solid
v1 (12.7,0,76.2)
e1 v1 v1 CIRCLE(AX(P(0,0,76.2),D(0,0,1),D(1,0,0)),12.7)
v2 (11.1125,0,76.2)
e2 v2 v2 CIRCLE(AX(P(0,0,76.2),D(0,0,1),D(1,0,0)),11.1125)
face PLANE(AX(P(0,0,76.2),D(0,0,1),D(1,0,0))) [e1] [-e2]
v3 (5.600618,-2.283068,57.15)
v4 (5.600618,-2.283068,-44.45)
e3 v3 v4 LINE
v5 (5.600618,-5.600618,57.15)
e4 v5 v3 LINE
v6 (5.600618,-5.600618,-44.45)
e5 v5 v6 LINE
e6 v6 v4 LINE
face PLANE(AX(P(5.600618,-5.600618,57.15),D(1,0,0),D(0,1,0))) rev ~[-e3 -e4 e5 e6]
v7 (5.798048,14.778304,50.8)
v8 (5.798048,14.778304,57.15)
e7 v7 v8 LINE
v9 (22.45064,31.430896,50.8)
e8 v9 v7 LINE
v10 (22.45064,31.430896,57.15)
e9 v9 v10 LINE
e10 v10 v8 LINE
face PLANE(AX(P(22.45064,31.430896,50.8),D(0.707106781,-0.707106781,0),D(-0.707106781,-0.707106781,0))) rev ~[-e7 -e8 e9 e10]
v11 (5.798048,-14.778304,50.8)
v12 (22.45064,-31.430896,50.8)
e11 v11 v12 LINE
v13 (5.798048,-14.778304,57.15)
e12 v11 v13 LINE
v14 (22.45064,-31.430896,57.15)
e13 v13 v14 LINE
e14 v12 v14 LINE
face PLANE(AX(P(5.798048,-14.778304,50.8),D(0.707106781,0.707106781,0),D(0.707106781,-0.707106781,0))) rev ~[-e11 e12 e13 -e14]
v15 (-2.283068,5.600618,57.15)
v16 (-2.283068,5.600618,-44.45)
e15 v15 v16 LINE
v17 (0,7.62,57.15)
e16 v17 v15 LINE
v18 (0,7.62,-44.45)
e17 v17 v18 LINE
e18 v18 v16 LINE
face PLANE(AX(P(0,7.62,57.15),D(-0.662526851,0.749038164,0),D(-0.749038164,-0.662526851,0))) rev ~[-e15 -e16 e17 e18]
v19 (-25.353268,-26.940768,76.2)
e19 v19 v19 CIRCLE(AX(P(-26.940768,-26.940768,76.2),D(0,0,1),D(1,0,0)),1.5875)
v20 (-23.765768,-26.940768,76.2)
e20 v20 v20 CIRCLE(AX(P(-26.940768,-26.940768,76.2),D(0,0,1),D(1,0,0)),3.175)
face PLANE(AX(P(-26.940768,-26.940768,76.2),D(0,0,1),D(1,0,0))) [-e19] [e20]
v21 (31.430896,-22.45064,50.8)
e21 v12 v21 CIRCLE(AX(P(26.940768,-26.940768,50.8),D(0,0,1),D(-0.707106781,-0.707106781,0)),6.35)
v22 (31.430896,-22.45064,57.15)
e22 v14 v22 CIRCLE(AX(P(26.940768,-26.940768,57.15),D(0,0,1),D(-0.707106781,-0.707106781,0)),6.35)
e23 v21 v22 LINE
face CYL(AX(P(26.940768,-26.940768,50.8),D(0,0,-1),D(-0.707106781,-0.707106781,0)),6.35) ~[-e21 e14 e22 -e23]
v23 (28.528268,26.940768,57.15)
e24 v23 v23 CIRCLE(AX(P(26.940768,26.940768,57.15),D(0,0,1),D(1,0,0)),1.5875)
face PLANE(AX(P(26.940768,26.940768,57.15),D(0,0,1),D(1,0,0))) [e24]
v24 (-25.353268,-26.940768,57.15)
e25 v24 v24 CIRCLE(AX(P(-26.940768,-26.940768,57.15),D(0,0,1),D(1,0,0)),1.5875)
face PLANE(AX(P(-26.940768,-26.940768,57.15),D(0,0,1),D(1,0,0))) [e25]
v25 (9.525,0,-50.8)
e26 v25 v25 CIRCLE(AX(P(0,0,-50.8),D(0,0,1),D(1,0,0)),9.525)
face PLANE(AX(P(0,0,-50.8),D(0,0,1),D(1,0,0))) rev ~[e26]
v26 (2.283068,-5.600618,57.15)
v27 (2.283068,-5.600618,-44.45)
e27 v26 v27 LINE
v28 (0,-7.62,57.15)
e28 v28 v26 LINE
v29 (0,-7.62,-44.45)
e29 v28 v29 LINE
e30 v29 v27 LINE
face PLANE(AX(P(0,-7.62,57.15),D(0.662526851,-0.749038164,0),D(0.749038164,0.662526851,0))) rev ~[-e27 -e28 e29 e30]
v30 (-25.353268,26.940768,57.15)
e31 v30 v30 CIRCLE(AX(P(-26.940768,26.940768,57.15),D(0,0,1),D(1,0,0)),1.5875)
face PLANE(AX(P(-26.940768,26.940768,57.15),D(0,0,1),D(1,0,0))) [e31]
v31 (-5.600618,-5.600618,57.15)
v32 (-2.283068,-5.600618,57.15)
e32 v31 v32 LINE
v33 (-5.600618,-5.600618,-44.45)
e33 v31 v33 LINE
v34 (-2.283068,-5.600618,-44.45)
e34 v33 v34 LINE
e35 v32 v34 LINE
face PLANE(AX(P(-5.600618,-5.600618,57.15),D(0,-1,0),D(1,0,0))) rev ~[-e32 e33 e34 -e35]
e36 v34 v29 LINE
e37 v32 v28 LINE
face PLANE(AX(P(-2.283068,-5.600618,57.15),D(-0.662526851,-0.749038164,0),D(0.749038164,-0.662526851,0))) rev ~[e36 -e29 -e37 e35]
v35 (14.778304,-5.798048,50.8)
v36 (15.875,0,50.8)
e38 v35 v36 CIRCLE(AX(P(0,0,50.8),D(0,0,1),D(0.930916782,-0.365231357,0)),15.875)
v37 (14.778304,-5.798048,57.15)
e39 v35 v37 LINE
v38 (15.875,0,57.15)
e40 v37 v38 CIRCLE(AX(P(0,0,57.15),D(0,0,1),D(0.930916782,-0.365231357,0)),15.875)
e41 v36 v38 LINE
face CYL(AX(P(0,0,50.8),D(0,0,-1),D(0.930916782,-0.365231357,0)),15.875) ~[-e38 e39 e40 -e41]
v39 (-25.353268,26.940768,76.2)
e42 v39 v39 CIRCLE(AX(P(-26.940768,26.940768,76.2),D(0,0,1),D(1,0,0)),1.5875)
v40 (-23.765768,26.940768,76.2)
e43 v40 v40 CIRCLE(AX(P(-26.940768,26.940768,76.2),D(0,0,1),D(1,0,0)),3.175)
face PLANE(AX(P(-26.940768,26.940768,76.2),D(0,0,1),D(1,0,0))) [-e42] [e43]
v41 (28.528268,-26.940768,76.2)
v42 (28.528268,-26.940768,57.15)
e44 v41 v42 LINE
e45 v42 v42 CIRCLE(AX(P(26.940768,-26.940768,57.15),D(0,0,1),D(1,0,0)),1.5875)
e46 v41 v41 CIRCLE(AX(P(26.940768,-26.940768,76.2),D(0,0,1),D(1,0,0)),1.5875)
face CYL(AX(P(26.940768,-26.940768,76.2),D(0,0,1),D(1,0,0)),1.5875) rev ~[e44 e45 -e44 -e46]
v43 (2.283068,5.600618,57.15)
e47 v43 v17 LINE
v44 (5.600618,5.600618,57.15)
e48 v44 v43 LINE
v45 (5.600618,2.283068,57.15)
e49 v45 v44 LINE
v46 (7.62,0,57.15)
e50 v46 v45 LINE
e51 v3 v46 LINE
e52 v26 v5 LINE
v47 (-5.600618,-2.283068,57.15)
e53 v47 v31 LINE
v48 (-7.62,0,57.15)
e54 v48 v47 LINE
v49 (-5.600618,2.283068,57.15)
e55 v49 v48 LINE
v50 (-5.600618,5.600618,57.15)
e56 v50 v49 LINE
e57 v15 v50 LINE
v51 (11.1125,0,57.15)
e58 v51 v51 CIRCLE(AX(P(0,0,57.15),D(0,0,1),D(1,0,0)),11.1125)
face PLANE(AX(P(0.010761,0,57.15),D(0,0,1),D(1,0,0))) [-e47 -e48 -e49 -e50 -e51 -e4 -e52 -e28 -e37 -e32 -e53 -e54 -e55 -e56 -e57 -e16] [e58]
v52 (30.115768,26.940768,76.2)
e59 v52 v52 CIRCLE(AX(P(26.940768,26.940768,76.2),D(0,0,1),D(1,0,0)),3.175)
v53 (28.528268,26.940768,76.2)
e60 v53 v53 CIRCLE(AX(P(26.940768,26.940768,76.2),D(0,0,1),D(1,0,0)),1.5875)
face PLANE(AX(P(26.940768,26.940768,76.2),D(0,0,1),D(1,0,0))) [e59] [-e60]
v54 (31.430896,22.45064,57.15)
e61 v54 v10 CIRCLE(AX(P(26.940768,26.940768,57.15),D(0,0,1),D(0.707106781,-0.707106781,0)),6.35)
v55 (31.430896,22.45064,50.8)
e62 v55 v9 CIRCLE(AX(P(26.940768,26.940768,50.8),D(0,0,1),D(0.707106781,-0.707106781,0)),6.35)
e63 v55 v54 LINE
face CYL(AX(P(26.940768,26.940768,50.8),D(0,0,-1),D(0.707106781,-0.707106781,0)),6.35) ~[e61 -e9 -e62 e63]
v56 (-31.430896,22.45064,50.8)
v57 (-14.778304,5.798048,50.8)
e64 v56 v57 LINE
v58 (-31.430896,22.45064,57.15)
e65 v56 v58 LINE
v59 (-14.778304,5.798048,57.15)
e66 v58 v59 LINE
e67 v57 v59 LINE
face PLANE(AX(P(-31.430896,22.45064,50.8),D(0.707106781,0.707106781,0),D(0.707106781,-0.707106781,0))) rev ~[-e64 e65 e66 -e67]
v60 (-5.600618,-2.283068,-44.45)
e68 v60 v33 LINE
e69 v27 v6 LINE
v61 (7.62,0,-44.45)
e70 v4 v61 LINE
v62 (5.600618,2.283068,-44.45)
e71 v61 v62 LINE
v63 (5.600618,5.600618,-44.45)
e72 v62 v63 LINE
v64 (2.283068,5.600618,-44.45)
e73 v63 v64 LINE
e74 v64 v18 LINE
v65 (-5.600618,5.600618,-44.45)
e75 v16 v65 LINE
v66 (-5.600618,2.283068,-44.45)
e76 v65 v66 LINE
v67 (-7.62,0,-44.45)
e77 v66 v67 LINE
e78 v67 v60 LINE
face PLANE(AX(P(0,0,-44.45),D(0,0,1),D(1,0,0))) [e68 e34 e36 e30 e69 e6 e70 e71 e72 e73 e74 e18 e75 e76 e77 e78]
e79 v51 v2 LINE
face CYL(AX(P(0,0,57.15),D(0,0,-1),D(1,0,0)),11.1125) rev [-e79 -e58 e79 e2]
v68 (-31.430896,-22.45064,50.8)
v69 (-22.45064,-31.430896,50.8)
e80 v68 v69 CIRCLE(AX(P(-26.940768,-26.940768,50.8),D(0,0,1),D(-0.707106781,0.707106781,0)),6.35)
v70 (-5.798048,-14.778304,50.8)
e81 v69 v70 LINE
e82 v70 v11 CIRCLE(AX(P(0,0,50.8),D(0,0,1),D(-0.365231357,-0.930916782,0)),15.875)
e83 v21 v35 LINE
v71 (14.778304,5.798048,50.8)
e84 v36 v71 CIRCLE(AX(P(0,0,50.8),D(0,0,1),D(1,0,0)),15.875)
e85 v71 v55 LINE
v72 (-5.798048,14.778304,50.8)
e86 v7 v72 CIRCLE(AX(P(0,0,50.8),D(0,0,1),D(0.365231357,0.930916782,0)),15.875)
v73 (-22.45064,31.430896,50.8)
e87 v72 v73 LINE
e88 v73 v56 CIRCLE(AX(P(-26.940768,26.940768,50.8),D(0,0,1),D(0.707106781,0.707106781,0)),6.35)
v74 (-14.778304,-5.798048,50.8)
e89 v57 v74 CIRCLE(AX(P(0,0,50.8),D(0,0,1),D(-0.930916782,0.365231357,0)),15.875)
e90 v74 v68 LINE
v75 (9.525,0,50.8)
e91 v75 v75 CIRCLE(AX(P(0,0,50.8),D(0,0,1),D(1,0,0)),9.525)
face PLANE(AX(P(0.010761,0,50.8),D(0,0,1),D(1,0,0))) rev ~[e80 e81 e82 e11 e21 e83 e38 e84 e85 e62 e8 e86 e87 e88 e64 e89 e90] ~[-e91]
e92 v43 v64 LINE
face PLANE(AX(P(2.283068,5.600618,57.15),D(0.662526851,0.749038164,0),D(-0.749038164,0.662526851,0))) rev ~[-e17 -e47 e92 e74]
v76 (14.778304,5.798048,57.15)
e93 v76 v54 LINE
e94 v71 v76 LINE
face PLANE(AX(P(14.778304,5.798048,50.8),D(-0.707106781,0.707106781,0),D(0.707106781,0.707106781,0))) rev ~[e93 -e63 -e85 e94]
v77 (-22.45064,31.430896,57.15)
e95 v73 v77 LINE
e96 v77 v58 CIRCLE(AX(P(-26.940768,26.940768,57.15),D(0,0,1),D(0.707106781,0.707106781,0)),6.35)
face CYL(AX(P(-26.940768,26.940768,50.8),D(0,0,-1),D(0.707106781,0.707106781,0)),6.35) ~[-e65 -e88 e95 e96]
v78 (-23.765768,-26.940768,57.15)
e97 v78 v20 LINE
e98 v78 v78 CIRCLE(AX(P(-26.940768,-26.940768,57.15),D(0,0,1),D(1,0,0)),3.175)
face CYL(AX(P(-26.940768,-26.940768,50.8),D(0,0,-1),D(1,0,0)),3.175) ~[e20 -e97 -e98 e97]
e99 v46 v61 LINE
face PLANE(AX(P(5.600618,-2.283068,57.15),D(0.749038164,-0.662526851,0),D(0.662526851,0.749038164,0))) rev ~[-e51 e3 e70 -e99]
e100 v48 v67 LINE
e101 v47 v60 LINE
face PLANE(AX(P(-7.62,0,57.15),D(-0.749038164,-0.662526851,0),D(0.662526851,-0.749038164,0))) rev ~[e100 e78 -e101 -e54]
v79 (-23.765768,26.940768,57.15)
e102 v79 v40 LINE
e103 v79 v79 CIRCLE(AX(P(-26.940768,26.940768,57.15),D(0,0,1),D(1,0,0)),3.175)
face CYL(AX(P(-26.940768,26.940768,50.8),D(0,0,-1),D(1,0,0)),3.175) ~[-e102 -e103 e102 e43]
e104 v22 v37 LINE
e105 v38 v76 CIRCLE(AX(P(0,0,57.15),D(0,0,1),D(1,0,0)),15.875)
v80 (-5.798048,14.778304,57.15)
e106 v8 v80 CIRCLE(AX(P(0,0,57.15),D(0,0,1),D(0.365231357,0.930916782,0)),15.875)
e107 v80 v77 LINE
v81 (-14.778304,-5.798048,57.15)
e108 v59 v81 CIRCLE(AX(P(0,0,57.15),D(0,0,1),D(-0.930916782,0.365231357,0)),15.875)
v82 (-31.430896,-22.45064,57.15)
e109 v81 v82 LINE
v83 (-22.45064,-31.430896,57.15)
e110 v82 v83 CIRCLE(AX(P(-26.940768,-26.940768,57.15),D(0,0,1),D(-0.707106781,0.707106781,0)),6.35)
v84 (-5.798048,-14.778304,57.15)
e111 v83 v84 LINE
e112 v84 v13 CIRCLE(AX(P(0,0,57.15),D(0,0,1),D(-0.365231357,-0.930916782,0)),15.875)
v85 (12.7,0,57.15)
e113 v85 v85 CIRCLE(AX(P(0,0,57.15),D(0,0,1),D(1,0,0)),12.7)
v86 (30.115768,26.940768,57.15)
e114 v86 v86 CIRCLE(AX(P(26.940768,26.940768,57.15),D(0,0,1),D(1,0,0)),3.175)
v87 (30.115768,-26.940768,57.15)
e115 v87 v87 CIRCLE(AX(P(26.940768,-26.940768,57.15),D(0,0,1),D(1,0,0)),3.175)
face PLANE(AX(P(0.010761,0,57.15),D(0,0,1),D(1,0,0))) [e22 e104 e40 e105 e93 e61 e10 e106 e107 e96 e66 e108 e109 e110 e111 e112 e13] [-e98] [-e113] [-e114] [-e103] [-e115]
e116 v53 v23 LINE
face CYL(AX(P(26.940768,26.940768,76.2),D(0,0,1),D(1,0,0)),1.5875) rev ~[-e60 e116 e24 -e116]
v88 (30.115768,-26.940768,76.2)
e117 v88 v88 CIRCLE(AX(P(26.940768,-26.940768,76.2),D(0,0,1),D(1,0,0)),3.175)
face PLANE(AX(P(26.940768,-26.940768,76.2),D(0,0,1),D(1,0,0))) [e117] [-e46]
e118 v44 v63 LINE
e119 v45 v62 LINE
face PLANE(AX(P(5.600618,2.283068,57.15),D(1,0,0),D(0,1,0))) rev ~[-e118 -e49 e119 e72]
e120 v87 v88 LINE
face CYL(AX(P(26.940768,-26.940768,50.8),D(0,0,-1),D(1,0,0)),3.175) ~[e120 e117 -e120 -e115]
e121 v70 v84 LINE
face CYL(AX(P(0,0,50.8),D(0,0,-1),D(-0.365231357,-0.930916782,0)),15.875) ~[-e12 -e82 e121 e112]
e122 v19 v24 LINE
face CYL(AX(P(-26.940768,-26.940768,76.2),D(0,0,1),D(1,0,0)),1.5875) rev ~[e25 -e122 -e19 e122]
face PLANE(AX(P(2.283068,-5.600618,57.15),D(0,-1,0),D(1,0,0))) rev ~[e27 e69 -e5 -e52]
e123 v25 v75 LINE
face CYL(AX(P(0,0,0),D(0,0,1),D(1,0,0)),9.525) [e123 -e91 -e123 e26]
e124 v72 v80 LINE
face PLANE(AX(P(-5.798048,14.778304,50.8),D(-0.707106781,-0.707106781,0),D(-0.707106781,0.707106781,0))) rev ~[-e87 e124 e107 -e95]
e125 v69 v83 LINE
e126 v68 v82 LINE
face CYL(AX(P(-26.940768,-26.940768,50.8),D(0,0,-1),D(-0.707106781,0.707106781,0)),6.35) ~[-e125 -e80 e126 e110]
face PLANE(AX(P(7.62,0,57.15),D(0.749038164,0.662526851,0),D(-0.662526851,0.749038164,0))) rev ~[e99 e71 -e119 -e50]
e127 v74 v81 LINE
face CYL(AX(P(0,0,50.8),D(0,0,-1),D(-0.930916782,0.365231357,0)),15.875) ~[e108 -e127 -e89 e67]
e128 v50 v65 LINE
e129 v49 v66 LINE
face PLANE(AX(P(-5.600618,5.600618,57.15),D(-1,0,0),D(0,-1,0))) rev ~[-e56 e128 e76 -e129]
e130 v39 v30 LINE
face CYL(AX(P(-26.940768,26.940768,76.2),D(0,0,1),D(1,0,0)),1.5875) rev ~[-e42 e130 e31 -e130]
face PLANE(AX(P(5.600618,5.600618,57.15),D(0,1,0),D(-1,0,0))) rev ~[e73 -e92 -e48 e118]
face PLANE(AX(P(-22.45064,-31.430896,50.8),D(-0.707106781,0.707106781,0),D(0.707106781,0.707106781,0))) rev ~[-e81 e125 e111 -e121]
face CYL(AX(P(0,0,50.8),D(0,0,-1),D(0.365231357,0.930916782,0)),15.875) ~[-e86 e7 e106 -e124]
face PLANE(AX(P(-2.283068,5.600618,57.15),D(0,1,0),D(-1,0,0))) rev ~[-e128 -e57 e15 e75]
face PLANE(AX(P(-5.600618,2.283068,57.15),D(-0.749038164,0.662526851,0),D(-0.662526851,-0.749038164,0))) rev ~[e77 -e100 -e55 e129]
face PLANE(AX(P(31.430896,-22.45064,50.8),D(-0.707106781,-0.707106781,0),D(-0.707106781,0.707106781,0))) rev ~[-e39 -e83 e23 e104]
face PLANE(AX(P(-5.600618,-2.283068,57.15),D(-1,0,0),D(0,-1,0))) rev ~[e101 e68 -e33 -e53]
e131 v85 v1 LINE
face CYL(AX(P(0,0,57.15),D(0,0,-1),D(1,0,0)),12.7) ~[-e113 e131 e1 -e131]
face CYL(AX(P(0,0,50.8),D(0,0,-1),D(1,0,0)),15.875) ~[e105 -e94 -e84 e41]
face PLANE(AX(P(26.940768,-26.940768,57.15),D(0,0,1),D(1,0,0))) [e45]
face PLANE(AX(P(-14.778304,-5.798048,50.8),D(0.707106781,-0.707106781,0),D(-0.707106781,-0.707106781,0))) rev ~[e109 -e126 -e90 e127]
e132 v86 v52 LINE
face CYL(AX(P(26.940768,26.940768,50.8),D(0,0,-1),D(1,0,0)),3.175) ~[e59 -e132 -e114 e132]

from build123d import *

# Parameters (mm, degrees)
F0_R     = 9.525
F1_DEPTH = 50.8
F2_R     = 9.525
F2_R_2   = 3.175
F3_DEPTH = 6.35
F4_DEPTH = 25.4
F6_DEPTH = 101.6
F5_R     = 12.7
F5_R_2   = 11.1125
F7_DEPTH = 19.05
F8_R     = 1.5875
F9_DEPTH = 19.05


with BuildPart() as f1:
    # F0 (on Top) → F1 (new body, symmetric)
    with BuildSketch(Plane.XY):
        Circle(F0_R)
    extrude(amount=F1_DEPTH, both=True)

    # F2 (on face) → F3 (join)
    with BuildSketch(Plane.XY.offset(50.8)):
        with BuildLine():
            ThreePointArc((14.7783039193, -5.7980477982), (15.5984165818, -2.9504279589), (15.875, 0))
            ThreePointArc((15.875, 0), (15.5984165818, 2.9504279589), (14.7783039193, 5.7980477982))
            ThreePointArc((14.7783039193, 5.7980477982), (11.2253201513, 11.2253201513), (5.7980477982, 14.7783039193))
            ThreePointArc((5.7980477982, 14.7783039193), (0, 15.875), (-5.7980477982, 14.7783039193))
            ThreePointArc((-5.7980477982, 14.7783039193), (-11.2253201513, 11.2253201513), (-14.7783039193, 5.7980477982))
            ThreePointArc((-14.7783039193, 5.7980477982), (-15.875, 0), (-14.7783039193, -5.7980477982))
            ThreePointArc((-14.7783039193, -5.7980477982), (-11.2253201513, -11.2253201513), (-5.7980477982, -14.7783039193))
            ThreePointArc((-5.7980477982, -14.7783039193), (0, -15.875), (5.7980477982, -14.7783039193))
            ThreePointArc((5.7980477982, -14.7783039193), (11.2253201513, -11.2253201513), (14.7783039193, -5.7980477982))
        make_face()
        Circle(F2_R, mode=Mode.SUBTRACT)
        with BuildLine():
            ThreePointArc((5.7980477982, 14.7783039193), (11.2253201513, 11.2253201513), (14.7783039193, 5.7980477982))
            Line((14.7783039193, 5.7980477982), (31.4308964237, 22.4506403027))
            ThreePointArc((31.4308964237, 22.4506403027), (31.4308964237, 31.4308964237), (22.4506403027, 31.4308964237))
            Line((22.4506403027, 31.4308964237), (5.7980477982, 14.7783039193))
        make_face()
        with Locations((26.9407683632, 26.9407683632)):
            Circle(F2_R_2, mode=Mode.SUBTRACT)
        with BuildLine():
            Line((-22.4506403027, -31.4308964237), (-5.7980477982, -14.7783039193))
            ThreePointArc((-5.7980477982, -14.7783039193), (-11.2253201513, -11.2253201513), (-14.7783039193, -5.7980477982))
            Line((-14.7783039193, -5.7980477982), (-31.4308964237, -22.4506403027))
            ThreePointArc((-31.4308964237, -22.4506403027), (-31.4308964237, -31.4308964237), (-22.4506403027, -31.4308964237))
        make_face()
        with Locations((-26.9407683632, -26.9407683632)):
            Circle(F2_R_2, mode=Mode.SUBTRACT)
        with BuildLine():
            Line((31.4308964237, -22.4506403027), (14.7783039193, -5.7980477982))
            ThreePointArc((14.7783039193, -5.7980477982), (11.2253201513, -11.2253201513), (5.7980477982, -14.7783039193))
            Line((5.7980477982, -14.7783039193), (22.4506403027, -31.4308964237))
            ThreePointArc((22.4506403027, -31.4308964237), (31.4308964237, -31.4308964237), (31.4308964237, -22.4506403027))
        make_face()
        with Locations((26.9407683632, -26.9407683632)):
            Circle(F2_R_2, mode=Mode.SUBTRACT)
        with BuildLine():
            ThreePointArc((-14.7783039193, 5.7980477982), (-11.2253201513, 11.2253201513), (-5.7980477982, 14.7783039193))
            Line((-5.7980477982, 14.7783039193), (-22.4506403027, 31.4308964237))
            ThreePointArc((-22.4506403027, 31.4308964237), (-31.4308964237, 31.4308964237), (-31.4308964237, 22.4506403027))
            Line((-31.4308964237, 22.4506403027), (-14.7783039193, 5.7980477982))
        make_face()
        with Locations((-26.9407683632, 26.9407683632)):
            Circle(F2_R_2, mode=Mode.SUBTRACT)
        Circle(F2_R)
    extrude(amount=F3_DEPTH)

    # F2 (on face) → F4 (join)
    with BuildSketch(Plane.XY.offset(50.8)):
        with Locations((-26.9407683632, 26.9407683632)):
            Circle(F2_R_2)
        with Locations((26.9407683632, 26.9407683632)):
            Circle(F2_R_2)
        with Locations((26.9407683632, -26.9407683632)):
            Circle(F2_R_2)
        with Locations((-26.9407683632, -26.9407683632)):
            Circle(F2_R_2)
    extrude(amount=F4_DEPTH)

    # F5 (on face) → F6 (cut)
    with BuildSketch(Plane.XY.offset(57.15)):
        Polygon((-5.6006181585, 2.2830683253), (-7.62, 0), (-5.6006181585, -2.2830683253), (-5.6006181585, -5.6006181585), (-2.2830683253, -5.6006181585), (0, -7.62), (2.2830683253, -5.6006181585), (5.6006181585, -5.6006181585), (5.6006181585, -2.2830683253), (7.62, 0), (5.6006181585, 2.2830683253), (5.6006181585, 5.6006181585), (2.2830683253, 5.6006181585), (0, 7.62), (-2.2830683253, 5.6006181585), (-5.6006181585, 5.6006181585), align=None)
    extrude(amount=-F6_DEPTH, mode=Mode.SUBTRACT)

    # F5 (on face) → F7 (join)
    with BuildSketch(Plane.XY.offset(57.15)):
        Circle(F5_R)
        Circle(F5_R_2, mode=Mode.SUBTRACT)
    extrude(amount=F7_DEPTH)

    # F8 (on face) → F9 (cut)
    with BuildSketch(Plane.XY.offset(76.2)):
        with Locations((26.9407683632, -26.9407683632)):
            Circle(F8_R)
        with Locations((-26.9407683632, -26.9407683632)):
            Circle(F8_R)
        with Locations((26.9407683632, 26.9407683632)):
            Circle(F8_R)
        with Locations((-26.9407683632, 26.9407683632)):
            Circle(F8_R)
    extrude(amount=-F9_DEPTH, mode=Mode.SUBTRACT)


solid = f1.part
